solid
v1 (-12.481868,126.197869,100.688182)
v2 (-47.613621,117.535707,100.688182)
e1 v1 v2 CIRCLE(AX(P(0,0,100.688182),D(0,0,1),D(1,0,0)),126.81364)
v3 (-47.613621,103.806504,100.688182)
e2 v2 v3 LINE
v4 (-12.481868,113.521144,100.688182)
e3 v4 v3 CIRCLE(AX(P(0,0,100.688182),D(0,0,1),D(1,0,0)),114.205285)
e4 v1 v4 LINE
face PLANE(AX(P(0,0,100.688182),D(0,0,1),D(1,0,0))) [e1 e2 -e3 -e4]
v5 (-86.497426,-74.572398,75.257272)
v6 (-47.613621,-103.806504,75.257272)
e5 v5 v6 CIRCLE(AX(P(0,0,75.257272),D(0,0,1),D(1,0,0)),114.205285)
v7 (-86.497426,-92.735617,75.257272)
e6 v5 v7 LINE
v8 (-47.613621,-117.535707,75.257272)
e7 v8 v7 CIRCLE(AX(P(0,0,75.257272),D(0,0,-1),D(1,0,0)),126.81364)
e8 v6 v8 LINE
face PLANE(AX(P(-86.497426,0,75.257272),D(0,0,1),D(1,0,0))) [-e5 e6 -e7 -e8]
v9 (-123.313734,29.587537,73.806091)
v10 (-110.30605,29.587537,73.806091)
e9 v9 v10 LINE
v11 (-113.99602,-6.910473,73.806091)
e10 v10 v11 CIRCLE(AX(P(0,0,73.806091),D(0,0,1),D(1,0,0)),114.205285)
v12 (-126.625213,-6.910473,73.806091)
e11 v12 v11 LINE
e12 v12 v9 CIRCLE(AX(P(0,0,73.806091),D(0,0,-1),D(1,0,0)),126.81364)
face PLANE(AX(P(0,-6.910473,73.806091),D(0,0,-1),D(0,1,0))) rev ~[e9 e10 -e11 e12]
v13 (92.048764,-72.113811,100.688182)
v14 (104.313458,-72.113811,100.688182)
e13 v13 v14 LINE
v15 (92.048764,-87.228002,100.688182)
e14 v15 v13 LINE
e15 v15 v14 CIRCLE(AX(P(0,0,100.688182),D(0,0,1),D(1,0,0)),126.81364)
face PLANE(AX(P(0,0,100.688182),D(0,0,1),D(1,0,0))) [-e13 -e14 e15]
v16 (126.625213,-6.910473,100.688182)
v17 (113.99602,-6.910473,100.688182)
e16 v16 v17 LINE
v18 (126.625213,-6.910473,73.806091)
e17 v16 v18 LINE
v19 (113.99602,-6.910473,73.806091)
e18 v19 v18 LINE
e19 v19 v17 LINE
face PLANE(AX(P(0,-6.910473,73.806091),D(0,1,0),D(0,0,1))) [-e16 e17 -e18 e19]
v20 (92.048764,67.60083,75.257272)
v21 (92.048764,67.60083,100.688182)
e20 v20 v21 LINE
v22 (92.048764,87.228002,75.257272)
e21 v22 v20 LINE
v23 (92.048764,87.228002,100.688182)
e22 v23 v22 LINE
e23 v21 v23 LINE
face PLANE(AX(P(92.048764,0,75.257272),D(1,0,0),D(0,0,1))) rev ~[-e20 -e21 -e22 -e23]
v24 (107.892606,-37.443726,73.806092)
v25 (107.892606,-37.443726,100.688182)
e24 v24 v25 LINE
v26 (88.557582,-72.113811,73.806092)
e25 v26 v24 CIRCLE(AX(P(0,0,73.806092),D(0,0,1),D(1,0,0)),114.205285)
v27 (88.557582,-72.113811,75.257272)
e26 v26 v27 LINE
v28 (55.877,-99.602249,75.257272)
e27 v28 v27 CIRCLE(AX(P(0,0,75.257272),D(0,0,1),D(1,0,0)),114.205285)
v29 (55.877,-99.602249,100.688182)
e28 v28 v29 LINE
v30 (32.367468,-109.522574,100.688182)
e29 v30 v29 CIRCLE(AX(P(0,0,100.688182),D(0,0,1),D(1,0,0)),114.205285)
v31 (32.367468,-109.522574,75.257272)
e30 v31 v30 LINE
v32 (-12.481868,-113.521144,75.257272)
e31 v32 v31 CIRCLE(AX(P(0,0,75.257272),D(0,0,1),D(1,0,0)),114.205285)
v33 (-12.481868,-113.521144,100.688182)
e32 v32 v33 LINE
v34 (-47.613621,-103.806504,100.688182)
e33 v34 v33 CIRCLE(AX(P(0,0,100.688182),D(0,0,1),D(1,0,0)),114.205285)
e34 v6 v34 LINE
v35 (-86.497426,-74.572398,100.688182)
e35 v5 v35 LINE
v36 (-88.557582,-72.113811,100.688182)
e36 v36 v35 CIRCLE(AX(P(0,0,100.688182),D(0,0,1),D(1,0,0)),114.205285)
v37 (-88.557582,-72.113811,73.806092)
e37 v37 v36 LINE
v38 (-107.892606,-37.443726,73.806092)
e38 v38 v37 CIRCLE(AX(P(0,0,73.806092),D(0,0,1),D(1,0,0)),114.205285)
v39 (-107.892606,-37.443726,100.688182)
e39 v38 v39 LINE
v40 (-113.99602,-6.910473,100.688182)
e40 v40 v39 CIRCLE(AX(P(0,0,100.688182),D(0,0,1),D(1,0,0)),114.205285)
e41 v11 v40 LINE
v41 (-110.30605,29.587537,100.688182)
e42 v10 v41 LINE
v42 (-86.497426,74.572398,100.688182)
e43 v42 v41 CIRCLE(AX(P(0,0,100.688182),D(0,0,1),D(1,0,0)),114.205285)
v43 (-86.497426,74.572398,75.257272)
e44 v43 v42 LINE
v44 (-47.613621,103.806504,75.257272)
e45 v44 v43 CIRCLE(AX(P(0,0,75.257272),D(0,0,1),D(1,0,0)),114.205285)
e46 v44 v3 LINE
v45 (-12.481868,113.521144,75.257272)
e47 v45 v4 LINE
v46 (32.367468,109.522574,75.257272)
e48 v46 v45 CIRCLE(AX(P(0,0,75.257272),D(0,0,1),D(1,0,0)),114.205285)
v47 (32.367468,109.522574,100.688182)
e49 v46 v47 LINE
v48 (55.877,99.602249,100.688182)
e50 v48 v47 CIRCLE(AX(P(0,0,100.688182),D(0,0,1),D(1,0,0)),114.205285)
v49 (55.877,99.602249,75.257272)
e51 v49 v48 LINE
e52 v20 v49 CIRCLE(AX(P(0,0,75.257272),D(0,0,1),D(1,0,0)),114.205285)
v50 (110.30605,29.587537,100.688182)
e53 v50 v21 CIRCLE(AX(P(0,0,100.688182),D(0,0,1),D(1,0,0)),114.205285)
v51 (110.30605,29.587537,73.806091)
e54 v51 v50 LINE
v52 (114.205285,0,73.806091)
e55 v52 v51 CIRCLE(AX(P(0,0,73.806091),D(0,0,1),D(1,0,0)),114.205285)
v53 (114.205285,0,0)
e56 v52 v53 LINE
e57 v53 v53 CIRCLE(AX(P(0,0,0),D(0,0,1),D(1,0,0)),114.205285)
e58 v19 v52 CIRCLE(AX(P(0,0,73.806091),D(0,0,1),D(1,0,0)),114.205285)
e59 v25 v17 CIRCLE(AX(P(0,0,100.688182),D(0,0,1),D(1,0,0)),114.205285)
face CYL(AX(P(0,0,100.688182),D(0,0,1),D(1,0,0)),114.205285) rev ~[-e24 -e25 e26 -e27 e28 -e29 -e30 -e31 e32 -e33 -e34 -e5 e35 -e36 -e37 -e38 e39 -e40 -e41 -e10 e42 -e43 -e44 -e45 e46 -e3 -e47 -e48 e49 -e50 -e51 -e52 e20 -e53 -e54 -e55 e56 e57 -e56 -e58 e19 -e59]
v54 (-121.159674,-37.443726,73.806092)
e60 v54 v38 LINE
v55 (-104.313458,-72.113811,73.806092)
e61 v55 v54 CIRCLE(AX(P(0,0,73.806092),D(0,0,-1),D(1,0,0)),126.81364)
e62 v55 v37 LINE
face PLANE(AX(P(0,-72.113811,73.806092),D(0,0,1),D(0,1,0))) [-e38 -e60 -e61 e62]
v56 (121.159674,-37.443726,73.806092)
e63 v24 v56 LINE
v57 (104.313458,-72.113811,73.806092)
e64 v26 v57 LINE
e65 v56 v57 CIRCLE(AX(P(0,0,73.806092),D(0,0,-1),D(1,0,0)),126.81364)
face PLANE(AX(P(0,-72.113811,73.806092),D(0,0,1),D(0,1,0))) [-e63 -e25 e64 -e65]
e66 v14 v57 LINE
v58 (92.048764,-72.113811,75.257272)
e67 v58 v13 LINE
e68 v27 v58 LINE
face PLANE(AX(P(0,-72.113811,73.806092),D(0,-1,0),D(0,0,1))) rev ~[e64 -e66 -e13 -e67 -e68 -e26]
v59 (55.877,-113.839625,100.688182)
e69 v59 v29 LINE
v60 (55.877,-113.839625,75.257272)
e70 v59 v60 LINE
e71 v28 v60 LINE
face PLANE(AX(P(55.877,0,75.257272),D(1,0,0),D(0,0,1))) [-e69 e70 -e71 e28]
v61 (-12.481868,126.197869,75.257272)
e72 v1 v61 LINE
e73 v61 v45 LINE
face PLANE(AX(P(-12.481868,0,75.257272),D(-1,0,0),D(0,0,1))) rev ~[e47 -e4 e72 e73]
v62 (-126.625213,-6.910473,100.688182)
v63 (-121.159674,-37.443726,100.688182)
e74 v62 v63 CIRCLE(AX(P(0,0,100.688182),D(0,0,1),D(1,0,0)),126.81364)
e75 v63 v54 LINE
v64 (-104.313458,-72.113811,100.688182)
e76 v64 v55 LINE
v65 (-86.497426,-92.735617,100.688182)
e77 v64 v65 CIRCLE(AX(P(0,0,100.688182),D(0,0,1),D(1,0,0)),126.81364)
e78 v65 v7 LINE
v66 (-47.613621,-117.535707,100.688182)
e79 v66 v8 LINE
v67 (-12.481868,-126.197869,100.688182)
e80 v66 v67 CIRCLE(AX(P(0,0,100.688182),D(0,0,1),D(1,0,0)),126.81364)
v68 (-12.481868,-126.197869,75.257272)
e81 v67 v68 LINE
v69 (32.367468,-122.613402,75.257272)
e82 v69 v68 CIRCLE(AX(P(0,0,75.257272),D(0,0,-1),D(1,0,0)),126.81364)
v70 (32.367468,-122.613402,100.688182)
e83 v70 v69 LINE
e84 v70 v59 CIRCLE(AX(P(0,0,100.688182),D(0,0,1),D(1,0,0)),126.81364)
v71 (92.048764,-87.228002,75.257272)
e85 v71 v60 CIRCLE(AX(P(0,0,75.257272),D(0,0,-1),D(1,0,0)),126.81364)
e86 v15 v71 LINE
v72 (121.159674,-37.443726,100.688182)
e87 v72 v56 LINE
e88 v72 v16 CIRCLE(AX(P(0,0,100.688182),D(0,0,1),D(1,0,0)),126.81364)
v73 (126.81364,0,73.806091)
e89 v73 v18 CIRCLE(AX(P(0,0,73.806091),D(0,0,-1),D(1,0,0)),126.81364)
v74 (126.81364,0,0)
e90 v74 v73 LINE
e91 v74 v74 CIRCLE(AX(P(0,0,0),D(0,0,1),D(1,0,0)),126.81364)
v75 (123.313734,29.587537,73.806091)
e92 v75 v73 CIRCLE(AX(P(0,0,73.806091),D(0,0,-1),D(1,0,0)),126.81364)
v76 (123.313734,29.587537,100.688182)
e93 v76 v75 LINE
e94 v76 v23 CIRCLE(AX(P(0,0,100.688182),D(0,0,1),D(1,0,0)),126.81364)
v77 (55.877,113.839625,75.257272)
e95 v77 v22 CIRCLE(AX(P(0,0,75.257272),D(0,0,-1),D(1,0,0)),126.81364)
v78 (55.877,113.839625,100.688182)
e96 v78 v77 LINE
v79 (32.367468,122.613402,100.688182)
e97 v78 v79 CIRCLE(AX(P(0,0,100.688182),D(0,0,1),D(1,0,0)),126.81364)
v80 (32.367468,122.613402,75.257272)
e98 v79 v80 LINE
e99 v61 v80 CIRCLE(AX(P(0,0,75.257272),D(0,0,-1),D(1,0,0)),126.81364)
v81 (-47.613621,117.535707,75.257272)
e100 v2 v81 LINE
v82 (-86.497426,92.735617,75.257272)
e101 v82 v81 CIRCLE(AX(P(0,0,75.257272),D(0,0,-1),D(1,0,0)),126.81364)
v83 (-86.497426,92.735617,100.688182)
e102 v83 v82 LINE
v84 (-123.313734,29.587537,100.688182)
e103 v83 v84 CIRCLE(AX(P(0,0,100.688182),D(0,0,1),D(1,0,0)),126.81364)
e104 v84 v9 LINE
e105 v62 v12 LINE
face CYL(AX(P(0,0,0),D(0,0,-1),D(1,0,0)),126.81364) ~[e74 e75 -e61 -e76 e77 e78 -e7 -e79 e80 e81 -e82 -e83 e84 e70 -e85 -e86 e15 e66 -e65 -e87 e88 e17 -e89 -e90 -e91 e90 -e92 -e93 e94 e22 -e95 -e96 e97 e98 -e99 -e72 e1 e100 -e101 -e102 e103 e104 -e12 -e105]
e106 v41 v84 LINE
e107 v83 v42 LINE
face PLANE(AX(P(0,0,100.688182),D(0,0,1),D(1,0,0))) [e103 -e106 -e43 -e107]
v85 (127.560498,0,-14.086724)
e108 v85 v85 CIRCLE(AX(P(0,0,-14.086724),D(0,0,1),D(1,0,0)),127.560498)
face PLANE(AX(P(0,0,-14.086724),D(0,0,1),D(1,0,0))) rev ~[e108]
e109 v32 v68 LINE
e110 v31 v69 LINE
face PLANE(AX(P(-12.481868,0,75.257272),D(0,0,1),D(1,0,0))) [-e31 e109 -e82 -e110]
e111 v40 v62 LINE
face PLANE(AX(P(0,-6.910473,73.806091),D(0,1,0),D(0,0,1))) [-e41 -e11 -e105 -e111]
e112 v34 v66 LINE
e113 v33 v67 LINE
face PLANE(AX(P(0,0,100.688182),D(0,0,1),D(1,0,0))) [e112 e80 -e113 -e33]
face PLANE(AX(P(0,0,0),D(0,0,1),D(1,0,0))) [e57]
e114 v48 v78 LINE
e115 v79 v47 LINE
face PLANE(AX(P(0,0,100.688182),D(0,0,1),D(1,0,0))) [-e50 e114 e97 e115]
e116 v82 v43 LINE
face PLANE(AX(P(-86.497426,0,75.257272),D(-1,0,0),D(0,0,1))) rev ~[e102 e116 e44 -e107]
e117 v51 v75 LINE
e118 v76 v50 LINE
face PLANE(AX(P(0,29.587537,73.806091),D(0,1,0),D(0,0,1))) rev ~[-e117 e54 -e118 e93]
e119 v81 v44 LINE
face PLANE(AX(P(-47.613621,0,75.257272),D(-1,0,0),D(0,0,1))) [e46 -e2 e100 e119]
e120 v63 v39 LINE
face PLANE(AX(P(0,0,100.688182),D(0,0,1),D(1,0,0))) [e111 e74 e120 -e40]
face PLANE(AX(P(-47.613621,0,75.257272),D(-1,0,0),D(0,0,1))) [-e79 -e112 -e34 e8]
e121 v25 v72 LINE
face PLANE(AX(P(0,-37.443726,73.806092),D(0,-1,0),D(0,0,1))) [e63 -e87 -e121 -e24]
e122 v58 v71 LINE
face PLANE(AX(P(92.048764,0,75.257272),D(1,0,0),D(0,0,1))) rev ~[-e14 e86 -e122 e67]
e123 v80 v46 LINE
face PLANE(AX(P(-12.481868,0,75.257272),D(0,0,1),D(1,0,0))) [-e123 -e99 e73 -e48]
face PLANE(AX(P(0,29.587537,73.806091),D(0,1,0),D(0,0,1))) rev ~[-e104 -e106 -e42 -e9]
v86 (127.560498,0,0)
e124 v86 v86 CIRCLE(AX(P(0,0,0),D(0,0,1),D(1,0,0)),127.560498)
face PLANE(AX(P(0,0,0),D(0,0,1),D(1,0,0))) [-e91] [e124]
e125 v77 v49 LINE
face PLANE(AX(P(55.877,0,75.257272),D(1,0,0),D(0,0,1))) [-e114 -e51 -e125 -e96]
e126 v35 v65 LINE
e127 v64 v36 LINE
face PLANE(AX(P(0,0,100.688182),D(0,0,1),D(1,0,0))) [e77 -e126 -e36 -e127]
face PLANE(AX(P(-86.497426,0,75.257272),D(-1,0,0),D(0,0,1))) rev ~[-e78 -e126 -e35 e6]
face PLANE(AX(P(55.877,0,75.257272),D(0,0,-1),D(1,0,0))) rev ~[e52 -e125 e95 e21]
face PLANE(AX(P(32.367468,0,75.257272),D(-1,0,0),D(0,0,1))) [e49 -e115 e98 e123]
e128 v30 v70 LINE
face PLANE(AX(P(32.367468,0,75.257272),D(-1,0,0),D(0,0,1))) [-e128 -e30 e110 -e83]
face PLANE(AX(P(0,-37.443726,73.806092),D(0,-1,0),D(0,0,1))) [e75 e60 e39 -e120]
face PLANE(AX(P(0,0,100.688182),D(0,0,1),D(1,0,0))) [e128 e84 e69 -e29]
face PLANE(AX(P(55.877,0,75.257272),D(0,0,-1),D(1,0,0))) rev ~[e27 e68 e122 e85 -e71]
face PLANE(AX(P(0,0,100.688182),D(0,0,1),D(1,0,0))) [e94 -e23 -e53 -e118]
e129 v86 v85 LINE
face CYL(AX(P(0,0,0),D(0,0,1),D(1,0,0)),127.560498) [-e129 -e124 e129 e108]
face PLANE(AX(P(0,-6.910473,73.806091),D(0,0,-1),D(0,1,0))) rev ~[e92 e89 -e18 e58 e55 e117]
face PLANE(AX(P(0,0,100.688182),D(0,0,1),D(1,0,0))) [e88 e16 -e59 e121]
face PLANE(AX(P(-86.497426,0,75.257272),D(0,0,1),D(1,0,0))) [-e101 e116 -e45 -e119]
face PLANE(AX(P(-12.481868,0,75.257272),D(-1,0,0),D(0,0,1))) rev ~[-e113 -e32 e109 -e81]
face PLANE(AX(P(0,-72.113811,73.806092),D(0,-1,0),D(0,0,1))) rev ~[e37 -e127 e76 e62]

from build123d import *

# Parameters (mm, degrees)
F0_R      = 126.81364
F1_DEPTH  = 100.688182
F2_R      = 114.205285
F3_DEPTH  = 132.476546
F4_W      = 18.965825
F4_H      = 17.48392
F5_DEPTH  = 25
F7_W      = 34.670085
F7_H      = 27.337872
F7_W_2    = 36.49801
F7_H_2    = 28.232135
F8_DEPTH  = 163.279541
F9_W      = 38.883805
F9_H      = 29.987096
F9_W_2    = 44.849336
F9_W_3    = 36.171764
F10_DEPTH = 212.745748
F11_R     = 127.560498
F12_DEPTH = 14.086724


with BuildPart() as f1:
    # F0 (on Top) → F1 (new body)
    with BuildSketch(Plane.XY):
        Circle(F0_R)
    extrude(amount=F1_DEPTH)

    # F2 (on face) → F3 (cut)
    with BuildSketch(Plane.XY.offset(100.688182)):
        Circle(F2_R)
    extrude(amount=-F3_DEPTH, mode=Mode.SUBTRACT)

    # F7 (on Right) → F8 (cut, symmetric)
    with BuildSketch(Plane.YZ):
        with Locations((-54.778769, 87.475028)):
            Rectangle(F7_W, F7_H)
        with Locations((11.338532, 87.922159)):
            Rectangle(F7_W_2, F7_H_2)
    extrude(amount=F8_DEPTH, both=True, mode=Mode.SUBTRACT)

    # F9 (on Front) → F10 (cut, symmetric)
    with BuildSketch(Plane.XZ):
        with Locations((-67.055523, 90.25082)):
            Rectangle(F9_W, F9_H)
        with Locations((9.9428, 90.25082)):
            Rectangle(F9_W_2, F9_H)
        with Locations((73.962882, 90.25082)):
            Rectangle(F9_W_3, F9_H)
    extrude(amount=F10_DEPTH, both=True, mode=Mode.SUBTRACT)

    # F11 (on face) → F12 (join)
    with BuildSketch(Plane.XY):
        Circle(F11_R)
    extrude(amount=-F12_DEPTH)


with BuildPart() as f5:
    # F4 (on Front) → F5 (new body)
    with BuildSketch(Plane.XZ):
        with Locations((-64.803489, 66.289768)):
            Rectangle(F4_W, F4_H)
    extrude(amount=F5_DEPTH)


solid = f1.part
